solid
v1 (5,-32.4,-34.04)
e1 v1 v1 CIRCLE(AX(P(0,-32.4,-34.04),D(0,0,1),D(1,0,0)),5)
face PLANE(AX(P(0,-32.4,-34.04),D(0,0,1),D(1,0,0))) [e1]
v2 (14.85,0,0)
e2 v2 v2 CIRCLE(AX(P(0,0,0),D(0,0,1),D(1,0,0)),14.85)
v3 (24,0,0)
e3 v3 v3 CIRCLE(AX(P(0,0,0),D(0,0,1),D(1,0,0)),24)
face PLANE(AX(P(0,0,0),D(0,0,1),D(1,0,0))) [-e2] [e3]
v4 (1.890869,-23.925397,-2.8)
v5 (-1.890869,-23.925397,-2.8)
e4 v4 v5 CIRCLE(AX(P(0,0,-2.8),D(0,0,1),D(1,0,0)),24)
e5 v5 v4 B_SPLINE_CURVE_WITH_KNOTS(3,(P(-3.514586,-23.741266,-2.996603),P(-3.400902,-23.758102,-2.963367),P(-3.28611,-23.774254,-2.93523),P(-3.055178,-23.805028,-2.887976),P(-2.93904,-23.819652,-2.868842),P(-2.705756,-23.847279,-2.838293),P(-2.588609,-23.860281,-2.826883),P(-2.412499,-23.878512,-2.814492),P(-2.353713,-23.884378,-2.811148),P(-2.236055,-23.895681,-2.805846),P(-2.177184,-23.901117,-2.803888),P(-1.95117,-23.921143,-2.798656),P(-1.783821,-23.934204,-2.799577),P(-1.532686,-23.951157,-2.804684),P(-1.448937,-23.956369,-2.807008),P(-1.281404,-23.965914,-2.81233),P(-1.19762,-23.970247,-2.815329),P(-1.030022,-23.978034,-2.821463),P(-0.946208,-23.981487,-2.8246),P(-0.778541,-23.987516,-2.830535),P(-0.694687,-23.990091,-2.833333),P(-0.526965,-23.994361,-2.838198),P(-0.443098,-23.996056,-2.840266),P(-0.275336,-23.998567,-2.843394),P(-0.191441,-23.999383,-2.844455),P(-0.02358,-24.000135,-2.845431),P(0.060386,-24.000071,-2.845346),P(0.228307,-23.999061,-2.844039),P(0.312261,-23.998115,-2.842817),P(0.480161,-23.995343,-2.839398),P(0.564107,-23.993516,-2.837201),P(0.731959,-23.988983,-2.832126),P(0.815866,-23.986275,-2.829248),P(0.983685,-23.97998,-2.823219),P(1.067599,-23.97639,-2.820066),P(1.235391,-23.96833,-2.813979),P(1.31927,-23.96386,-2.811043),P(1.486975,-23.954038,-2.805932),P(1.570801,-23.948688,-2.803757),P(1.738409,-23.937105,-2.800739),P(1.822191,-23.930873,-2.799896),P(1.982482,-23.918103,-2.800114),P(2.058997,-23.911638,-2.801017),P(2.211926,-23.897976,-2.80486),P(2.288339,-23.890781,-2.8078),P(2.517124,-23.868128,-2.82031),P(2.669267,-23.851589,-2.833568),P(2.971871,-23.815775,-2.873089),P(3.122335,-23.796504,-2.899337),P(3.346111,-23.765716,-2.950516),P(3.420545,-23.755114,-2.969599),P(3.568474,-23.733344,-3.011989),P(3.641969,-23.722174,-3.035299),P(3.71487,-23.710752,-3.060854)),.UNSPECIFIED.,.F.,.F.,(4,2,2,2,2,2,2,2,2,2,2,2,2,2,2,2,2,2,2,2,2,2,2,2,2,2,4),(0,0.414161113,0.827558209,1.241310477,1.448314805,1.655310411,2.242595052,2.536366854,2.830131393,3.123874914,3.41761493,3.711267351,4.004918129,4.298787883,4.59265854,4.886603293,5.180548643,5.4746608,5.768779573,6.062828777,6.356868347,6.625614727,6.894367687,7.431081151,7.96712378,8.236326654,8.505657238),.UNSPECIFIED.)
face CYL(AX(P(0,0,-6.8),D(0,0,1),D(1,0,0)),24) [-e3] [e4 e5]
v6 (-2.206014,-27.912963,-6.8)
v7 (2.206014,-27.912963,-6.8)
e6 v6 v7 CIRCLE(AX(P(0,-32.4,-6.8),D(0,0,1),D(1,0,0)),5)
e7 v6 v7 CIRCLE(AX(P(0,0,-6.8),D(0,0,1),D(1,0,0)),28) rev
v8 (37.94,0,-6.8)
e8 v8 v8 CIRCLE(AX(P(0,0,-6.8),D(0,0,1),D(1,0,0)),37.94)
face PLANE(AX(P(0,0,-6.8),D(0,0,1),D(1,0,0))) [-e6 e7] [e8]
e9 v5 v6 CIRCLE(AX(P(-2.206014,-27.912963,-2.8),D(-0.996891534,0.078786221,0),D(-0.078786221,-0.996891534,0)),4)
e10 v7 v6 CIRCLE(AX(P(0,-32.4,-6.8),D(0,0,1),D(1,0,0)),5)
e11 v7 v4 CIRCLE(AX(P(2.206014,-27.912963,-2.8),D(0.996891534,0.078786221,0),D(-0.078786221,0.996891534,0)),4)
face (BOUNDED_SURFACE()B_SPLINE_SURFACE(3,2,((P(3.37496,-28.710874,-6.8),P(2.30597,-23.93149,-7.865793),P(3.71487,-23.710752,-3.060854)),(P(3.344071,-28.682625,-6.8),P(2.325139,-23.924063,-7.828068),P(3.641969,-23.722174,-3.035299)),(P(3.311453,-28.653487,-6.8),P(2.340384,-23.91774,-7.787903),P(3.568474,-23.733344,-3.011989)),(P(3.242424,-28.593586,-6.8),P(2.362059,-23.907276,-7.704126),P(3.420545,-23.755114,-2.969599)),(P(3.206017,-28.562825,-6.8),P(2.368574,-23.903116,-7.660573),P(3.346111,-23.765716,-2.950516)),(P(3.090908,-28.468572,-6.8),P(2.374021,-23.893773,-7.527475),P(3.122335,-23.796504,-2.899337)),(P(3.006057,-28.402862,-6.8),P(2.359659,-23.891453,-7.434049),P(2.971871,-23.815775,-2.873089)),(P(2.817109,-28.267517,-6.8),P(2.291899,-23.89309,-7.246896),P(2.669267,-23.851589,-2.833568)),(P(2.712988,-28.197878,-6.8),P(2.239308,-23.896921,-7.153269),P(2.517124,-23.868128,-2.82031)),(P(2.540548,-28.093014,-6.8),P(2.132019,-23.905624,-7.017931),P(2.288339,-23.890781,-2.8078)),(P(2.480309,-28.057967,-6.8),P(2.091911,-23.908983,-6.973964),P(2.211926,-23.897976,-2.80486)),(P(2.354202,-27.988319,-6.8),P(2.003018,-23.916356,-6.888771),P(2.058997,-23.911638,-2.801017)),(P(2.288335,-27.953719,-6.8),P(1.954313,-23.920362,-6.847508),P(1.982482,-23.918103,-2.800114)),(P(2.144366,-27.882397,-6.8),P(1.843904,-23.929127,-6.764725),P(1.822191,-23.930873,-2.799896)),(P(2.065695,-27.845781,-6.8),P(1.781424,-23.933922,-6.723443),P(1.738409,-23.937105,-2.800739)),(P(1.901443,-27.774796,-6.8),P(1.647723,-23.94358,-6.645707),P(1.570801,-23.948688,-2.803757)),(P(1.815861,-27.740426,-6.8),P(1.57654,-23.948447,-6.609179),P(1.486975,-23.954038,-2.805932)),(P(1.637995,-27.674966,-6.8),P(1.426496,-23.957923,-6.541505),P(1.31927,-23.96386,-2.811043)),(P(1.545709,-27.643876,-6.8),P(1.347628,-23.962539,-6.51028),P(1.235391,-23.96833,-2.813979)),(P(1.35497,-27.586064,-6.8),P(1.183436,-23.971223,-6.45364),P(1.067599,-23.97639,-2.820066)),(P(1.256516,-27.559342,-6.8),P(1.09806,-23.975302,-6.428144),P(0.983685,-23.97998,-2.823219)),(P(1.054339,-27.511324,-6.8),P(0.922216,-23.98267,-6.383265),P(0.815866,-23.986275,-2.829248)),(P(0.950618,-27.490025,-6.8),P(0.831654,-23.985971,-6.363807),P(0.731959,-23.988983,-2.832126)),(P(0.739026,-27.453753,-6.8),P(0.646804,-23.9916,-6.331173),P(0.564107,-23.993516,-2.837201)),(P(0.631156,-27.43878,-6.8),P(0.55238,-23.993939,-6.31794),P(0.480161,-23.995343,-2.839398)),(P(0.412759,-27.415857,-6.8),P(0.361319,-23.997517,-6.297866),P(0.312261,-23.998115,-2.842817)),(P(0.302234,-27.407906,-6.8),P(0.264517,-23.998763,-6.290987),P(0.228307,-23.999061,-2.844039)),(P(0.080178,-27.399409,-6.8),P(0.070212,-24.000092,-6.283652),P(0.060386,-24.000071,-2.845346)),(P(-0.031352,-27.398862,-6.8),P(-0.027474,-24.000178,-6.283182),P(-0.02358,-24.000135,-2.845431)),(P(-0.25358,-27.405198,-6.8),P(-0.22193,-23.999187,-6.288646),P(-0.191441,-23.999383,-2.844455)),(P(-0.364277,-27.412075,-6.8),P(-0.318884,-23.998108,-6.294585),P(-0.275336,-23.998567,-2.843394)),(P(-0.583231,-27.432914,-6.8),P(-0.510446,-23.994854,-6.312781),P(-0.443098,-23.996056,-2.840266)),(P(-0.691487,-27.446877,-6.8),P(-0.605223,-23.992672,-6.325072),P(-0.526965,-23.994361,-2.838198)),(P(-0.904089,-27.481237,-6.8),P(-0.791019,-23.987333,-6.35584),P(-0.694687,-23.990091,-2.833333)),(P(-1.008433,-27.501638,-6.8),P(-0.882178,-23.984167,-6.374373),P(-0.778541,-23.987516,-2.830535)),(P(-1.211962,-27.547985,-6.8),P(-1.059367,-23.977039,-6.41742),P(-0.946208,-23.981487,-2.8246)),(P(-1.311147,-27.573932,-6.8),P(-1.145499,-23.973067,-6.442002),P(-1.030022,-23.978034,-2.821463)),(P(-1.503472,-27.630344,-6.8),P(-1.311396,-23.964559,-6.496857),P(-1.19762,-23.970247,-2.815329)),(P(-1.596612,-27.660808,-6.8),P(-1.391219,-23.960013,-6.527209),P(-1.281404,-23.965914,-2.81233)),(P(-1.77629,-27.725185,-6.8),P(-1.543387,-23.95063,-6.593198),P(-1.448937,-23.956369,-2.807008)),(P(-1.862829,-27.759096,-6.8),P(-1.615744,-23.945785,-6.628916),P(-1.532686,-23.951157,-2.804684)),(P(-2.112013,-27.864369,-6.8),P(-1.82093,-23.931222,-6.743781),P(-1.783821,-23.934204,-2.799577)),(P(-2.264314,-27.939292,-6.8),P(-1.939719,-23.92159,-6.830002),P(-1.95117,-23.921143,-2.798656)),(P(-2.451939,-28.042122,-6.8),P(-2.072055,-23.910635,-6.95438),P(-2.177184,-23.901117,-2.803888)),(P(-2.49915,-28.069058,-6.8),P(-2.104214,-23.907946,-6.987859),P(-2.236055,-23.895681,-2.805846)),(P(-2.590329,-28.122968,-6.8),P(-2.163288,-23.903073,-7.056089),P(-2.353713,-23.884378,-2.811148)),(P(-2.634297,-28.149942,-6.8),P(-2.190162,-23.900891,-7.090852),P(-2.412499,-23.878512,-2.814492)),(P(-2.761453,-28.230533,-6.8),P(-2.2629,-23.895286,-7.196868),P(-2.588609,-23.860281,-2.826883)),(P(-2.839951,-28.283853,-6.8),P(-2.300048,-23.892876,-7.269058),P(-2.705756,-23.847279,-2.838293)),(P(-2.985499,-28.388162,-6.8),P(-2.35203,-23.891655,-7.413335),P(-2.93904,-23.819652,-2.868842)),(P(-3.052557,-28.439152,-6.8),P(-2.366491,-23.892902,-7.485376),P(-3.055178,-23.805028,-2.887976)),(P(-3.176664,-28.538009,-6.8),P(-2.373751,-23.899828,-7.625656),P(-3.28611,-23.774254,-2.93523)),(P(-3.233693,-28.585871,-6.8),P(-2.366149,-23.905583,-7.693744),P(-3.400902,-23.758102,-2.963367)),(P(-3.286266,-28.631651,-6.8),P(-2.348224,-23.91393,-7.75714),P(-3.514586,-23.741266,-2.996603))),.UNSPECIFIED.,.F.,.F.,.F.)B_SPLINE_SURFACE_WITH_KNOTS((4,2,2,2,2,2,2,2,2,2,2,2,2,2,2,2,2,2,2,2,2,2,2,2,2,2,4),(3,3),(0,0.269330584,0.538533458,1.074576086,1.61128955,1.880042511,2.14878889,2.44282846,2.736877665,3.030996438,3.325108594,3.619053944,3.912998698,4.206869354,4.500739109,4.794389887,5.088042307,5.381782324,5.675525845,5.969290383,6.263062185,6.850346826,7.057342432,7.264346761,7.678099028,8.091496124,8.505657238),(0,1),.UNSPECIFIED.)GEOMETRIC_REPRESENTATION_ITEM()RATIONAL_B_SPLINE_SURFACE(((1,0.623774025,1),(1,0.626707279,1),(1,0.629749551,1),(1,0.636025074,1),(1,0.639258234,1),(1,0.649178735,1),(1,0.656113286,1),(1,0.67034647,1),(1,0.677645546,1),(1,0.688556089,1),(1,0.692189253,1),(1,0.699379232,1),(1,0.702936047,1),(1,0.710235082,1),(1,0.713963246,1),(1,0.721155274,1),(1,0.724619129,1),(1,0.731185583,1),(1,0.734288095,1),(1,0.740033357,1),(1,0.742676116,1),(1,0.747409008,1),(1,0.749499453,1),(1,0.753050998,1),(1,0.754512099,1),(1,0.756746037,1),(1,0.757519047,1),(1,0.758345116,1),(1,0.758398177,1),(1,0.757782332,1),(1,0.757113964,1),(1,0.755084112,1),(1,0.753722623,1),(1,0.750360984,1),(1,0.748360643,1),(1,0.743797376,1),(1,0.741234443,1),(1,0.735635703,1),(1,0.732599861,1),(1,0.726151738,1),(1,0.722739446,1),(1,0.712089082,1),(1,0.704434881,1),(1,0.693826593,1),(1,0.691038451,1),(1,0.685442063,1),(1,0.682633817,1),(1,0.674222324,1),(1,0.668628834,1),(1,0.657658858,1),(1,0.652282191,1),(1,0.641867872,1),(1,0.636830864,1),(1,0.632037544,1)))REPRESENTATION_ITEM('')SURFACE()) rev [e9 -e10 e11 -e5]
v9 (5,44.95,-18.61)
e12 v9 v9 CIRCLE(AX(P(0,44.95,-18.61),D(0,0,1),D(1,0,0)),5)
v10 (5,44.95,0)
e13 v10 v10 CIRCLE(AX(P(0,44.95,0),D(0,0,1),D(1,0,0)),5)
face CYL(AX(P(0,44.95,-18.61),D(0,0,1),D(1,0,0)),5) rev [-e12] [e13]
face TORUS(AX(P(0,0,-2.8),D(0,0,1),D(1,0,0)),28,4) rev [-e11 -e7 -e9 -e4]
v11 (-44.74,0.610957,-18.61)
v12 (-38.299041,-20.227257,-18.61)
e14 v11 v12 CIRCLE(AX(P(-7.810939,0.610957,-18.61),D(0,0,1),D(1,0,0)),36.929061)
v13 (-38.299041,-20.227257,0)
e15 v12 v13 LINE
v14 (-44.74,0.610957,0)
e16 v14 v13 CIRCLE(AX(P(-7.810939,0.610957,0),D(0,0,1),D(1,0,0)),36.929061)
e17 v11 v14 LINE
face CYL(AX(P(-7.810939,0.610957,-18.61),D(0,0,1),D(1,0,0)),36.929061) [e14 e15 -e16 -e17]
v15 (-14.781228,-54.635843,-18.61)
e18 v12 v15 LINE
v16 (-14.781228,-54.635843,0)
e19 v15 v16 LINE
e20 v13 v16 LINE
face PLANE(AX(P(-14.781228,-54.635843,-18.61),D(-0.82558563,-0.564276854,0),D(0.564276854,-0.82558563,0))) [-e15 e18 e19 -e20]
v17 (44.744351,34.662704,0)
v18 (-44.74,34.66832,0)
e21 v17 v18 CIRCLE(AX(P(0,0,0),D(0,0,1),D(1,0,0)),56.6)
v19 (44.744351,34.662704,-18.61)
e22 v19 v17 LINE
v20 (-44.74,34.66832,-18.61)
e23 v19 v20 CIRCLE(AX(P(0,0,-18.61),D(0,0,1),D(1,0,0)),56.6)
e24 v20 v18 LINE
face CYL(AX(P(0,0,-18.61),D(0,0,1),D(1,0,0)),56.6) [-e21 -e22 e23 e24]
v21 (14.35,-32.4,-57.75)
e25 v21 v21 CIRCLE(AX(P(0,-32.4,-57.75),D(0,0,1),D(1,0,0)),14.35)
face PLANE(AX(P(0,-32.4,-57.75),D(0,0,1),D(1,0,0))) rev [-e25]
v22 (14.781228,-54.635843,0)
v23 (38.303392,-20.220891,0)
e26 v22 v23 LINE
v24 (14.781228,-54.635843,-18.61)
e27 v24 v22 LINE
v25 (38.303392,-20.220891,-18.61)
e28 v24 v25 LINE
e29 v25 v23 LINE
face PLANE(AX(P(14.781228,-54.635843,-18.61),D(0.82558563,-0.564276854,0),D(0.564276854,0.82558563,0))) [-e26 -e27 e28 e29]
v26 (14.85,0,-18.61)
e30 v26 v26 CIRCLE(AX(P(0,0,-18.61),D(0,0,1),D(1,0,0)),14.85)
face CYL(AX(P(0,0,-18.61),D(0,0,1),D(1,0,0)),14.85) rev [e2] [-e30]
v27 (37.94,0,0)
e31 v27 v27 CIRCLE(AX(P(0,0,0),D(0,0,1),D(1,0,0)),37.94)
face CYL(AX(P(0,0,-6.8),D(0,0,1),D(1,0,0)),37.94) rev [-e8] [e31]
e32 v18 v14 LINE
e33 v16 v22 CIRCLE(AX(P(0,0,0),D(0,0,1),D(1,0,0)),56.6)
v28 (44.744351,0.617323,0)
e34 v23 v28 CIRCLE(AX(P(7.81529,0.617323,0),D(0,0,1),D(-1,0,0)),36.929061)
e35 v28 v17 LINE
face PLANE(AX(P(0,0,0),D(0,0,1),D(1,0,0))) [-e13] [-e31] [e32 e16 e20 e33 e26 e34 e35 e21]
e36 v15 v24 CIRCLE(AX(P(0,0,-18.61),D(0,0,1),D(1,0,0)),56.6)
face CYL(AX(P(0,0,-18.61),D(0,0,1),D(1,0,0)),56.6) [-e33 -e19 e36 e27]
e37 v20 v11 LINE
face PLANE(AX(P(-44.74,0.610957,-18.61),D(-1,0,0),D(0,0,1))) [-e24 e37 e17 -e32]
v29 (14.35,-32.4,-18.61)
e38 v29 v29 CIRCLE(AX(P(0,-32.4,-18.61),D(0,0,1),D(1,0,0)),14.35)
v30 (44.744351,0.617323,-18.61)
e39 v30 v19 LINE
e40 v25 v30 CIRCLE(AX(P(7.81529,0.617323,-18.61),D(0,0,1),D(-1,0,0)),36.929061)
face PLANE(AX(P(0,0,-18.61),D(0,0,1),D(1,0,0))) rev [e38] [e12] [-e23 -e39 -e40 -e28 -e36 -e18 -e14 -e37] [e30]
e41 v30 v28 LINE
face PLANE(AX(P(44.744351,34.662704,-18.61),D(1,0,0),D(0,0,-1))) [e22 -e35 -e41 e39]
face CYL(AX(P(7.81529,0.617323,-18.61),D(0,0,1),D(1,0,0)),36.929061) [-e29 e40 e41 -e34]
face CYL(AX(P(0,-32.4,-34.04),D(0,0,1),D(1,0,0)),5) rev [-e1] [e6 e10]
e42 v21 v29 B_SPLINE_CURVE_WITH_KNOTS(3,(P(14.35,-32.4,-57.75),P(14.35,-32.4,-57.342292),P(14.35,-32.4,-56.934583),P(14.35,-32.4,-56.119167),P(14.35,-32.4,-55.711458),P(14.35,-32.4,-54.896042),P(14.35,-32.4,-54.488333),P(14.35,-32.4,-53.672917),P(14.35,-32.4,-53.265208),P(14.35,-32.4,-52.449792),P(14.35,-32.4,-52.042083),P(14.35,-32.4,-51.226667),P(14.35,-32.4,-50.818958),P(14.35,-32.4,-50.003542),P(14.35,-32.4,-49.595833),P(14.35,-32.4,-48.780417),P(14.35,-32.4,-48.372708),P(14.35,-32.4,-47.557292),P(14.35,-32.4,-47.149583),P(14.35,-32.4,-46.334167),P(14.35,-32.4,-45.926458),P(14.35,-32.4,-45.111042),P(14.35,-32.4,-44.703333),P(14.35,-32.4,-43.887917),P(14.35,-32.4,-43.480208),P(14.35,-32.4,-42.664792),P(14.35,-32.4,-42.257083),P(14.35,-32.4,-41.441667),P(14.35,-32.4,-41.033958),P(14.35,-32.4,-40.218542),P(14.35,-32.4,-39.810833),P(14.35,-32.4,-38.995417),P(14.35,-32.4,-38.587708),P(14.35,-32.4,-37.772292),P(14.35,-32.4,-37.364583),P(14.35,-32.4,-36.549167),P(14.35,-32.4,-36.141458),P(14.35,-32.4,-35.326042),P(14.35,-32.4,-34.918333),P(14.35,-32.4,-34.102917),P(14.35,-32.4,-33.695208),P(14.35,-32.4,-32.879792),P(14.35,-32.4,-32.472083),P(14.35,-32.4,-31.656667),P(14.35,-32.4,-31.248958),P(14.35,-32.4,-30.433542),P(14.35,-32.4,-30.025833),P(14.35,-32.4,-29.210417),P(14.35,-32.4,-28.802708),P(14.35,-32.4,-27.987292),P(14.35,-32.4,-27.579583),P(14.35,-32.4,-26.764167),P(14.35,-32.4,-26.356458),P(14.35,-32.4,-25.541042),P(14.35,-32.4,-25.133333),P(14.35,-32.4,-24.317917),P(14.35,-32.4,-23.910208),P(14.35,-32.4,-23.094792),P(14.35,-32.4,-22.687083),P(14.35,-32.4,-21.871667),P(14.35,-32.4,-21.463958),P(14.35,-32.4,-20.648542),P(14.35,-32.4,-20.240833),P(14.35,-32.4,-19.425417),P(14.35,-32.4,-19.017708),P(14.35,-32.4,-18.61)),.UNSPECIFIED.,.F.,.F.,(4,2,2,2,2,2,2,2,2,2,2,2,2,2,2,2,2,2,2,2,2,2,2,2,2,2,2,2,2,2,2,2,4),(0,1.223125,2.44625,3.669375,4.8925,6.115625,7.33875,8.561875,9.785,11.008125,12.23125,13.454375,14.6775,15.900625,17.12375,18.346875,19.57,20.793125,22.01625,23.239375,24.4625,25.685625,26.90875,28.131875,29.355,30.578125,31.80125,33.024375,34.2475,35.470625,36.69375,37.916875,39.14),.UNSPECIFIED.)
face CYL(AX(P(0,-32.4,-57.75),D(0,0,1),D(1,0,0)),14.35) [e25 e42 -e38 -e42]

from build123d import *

# Parameters (mm, degrees)
SKETCH1_R           = 5
SKETCH1_R_2         = 14.85
BOSS_EXTRUDE1_DEPTH = 18.61
SKETCH3_R           = 37.94
SKETCH3_R_2         = 24
CUT_EXTRUDE1_DEPTH  = 6.8
SKETCH4_R           = 14.35
BOSS_EXTRUDE2_DEPTH = 50.95
SKETCH5_R           = 5
CUT_EXTRUDE2_DEPTH  = 27.24
FILLET1_R           = 4


with BuildPart() as part:
    # Sketch1 → Boss-Extrude1 (new body)
    with BuildSketch(Plane.XY):
        with BuildLine():
            Line((44.744350737, 34.662704412), (44.744350737, 0.617322885))
            ThreePointArc((44.744350737, 0.617322885), (43.097385261, -10.288147364), (38.303391852, -20.220891388))
            Line((38.303391852, -20.220891388), (14.7812281, -54.635842593))
            ThreePointArc((14.7812281, -54.635842593), (0, -56.6), (-14.7812281, -54.635842593))
            Line((-14.7812281, -54.635842593), (-38.299041115, -20.22725689))
            ThreePointArc((-38.299041115, -20.22725689), (-43.093034524, -10.294512867), (-44.74, 0.610957382))
            Line((-44.74, 0.610957382), (-44.74, 34.668319832))
            ThreePointArc((-44.74, 34.668319832), (0.003551826, 56.599999889), (44.744350737, 34.662704412))
        make_face()
        with Locations((0, 44.95)):
            Circle(SKETCH1_R, mode=Mode.SUBTRACT)
        Circle(SKETCH1_R_2, mode=Mode.SUBTRACT)
    extrude(amount=-BOSS_EXTRUDE1_DEPTH)

    # Sketch3 → Cut-Extrude1 (cut)
    with BuildSketch(Plane.XY):
        Circle(SKETCH3_R)
        Circle(SKETCH3_R_2, mode=Mode.SUBTRACT)
    extrude(amount=-CUT_EXTRUDE1_DEPTH, mode=Mode.SUBTRACT)

    # Sketch4 → Boss-Extrude2 (add)
    with BuildSketch(Plane.XY.offset(-6.8)):
        with Locations((0, -32.4)):
            Circle(SKETCH4_R)
    extrude(amount=-BOSS_EXTRUDE2_DEPTH)

    # Sketch5 → Cut-Extrude2 (cut)
    with BuildSketch(Plane.XY.offset(-6.8)):
        with Locations((0, -32.4)):
            Circle(SKETCH5_R)
    extrude(amount=-CUT_EXTRUDE2_DEPTH, mode=Mode.SUBTRACT)

    # Fillet1
    fillet1_edges = [part.edges().sort_by_distance(p)[0] for p in [
        (-24, 0, -6.8),
    ]]
    fillet(fillet1_edges, radius=FILLET1_R)


solid = part.part
